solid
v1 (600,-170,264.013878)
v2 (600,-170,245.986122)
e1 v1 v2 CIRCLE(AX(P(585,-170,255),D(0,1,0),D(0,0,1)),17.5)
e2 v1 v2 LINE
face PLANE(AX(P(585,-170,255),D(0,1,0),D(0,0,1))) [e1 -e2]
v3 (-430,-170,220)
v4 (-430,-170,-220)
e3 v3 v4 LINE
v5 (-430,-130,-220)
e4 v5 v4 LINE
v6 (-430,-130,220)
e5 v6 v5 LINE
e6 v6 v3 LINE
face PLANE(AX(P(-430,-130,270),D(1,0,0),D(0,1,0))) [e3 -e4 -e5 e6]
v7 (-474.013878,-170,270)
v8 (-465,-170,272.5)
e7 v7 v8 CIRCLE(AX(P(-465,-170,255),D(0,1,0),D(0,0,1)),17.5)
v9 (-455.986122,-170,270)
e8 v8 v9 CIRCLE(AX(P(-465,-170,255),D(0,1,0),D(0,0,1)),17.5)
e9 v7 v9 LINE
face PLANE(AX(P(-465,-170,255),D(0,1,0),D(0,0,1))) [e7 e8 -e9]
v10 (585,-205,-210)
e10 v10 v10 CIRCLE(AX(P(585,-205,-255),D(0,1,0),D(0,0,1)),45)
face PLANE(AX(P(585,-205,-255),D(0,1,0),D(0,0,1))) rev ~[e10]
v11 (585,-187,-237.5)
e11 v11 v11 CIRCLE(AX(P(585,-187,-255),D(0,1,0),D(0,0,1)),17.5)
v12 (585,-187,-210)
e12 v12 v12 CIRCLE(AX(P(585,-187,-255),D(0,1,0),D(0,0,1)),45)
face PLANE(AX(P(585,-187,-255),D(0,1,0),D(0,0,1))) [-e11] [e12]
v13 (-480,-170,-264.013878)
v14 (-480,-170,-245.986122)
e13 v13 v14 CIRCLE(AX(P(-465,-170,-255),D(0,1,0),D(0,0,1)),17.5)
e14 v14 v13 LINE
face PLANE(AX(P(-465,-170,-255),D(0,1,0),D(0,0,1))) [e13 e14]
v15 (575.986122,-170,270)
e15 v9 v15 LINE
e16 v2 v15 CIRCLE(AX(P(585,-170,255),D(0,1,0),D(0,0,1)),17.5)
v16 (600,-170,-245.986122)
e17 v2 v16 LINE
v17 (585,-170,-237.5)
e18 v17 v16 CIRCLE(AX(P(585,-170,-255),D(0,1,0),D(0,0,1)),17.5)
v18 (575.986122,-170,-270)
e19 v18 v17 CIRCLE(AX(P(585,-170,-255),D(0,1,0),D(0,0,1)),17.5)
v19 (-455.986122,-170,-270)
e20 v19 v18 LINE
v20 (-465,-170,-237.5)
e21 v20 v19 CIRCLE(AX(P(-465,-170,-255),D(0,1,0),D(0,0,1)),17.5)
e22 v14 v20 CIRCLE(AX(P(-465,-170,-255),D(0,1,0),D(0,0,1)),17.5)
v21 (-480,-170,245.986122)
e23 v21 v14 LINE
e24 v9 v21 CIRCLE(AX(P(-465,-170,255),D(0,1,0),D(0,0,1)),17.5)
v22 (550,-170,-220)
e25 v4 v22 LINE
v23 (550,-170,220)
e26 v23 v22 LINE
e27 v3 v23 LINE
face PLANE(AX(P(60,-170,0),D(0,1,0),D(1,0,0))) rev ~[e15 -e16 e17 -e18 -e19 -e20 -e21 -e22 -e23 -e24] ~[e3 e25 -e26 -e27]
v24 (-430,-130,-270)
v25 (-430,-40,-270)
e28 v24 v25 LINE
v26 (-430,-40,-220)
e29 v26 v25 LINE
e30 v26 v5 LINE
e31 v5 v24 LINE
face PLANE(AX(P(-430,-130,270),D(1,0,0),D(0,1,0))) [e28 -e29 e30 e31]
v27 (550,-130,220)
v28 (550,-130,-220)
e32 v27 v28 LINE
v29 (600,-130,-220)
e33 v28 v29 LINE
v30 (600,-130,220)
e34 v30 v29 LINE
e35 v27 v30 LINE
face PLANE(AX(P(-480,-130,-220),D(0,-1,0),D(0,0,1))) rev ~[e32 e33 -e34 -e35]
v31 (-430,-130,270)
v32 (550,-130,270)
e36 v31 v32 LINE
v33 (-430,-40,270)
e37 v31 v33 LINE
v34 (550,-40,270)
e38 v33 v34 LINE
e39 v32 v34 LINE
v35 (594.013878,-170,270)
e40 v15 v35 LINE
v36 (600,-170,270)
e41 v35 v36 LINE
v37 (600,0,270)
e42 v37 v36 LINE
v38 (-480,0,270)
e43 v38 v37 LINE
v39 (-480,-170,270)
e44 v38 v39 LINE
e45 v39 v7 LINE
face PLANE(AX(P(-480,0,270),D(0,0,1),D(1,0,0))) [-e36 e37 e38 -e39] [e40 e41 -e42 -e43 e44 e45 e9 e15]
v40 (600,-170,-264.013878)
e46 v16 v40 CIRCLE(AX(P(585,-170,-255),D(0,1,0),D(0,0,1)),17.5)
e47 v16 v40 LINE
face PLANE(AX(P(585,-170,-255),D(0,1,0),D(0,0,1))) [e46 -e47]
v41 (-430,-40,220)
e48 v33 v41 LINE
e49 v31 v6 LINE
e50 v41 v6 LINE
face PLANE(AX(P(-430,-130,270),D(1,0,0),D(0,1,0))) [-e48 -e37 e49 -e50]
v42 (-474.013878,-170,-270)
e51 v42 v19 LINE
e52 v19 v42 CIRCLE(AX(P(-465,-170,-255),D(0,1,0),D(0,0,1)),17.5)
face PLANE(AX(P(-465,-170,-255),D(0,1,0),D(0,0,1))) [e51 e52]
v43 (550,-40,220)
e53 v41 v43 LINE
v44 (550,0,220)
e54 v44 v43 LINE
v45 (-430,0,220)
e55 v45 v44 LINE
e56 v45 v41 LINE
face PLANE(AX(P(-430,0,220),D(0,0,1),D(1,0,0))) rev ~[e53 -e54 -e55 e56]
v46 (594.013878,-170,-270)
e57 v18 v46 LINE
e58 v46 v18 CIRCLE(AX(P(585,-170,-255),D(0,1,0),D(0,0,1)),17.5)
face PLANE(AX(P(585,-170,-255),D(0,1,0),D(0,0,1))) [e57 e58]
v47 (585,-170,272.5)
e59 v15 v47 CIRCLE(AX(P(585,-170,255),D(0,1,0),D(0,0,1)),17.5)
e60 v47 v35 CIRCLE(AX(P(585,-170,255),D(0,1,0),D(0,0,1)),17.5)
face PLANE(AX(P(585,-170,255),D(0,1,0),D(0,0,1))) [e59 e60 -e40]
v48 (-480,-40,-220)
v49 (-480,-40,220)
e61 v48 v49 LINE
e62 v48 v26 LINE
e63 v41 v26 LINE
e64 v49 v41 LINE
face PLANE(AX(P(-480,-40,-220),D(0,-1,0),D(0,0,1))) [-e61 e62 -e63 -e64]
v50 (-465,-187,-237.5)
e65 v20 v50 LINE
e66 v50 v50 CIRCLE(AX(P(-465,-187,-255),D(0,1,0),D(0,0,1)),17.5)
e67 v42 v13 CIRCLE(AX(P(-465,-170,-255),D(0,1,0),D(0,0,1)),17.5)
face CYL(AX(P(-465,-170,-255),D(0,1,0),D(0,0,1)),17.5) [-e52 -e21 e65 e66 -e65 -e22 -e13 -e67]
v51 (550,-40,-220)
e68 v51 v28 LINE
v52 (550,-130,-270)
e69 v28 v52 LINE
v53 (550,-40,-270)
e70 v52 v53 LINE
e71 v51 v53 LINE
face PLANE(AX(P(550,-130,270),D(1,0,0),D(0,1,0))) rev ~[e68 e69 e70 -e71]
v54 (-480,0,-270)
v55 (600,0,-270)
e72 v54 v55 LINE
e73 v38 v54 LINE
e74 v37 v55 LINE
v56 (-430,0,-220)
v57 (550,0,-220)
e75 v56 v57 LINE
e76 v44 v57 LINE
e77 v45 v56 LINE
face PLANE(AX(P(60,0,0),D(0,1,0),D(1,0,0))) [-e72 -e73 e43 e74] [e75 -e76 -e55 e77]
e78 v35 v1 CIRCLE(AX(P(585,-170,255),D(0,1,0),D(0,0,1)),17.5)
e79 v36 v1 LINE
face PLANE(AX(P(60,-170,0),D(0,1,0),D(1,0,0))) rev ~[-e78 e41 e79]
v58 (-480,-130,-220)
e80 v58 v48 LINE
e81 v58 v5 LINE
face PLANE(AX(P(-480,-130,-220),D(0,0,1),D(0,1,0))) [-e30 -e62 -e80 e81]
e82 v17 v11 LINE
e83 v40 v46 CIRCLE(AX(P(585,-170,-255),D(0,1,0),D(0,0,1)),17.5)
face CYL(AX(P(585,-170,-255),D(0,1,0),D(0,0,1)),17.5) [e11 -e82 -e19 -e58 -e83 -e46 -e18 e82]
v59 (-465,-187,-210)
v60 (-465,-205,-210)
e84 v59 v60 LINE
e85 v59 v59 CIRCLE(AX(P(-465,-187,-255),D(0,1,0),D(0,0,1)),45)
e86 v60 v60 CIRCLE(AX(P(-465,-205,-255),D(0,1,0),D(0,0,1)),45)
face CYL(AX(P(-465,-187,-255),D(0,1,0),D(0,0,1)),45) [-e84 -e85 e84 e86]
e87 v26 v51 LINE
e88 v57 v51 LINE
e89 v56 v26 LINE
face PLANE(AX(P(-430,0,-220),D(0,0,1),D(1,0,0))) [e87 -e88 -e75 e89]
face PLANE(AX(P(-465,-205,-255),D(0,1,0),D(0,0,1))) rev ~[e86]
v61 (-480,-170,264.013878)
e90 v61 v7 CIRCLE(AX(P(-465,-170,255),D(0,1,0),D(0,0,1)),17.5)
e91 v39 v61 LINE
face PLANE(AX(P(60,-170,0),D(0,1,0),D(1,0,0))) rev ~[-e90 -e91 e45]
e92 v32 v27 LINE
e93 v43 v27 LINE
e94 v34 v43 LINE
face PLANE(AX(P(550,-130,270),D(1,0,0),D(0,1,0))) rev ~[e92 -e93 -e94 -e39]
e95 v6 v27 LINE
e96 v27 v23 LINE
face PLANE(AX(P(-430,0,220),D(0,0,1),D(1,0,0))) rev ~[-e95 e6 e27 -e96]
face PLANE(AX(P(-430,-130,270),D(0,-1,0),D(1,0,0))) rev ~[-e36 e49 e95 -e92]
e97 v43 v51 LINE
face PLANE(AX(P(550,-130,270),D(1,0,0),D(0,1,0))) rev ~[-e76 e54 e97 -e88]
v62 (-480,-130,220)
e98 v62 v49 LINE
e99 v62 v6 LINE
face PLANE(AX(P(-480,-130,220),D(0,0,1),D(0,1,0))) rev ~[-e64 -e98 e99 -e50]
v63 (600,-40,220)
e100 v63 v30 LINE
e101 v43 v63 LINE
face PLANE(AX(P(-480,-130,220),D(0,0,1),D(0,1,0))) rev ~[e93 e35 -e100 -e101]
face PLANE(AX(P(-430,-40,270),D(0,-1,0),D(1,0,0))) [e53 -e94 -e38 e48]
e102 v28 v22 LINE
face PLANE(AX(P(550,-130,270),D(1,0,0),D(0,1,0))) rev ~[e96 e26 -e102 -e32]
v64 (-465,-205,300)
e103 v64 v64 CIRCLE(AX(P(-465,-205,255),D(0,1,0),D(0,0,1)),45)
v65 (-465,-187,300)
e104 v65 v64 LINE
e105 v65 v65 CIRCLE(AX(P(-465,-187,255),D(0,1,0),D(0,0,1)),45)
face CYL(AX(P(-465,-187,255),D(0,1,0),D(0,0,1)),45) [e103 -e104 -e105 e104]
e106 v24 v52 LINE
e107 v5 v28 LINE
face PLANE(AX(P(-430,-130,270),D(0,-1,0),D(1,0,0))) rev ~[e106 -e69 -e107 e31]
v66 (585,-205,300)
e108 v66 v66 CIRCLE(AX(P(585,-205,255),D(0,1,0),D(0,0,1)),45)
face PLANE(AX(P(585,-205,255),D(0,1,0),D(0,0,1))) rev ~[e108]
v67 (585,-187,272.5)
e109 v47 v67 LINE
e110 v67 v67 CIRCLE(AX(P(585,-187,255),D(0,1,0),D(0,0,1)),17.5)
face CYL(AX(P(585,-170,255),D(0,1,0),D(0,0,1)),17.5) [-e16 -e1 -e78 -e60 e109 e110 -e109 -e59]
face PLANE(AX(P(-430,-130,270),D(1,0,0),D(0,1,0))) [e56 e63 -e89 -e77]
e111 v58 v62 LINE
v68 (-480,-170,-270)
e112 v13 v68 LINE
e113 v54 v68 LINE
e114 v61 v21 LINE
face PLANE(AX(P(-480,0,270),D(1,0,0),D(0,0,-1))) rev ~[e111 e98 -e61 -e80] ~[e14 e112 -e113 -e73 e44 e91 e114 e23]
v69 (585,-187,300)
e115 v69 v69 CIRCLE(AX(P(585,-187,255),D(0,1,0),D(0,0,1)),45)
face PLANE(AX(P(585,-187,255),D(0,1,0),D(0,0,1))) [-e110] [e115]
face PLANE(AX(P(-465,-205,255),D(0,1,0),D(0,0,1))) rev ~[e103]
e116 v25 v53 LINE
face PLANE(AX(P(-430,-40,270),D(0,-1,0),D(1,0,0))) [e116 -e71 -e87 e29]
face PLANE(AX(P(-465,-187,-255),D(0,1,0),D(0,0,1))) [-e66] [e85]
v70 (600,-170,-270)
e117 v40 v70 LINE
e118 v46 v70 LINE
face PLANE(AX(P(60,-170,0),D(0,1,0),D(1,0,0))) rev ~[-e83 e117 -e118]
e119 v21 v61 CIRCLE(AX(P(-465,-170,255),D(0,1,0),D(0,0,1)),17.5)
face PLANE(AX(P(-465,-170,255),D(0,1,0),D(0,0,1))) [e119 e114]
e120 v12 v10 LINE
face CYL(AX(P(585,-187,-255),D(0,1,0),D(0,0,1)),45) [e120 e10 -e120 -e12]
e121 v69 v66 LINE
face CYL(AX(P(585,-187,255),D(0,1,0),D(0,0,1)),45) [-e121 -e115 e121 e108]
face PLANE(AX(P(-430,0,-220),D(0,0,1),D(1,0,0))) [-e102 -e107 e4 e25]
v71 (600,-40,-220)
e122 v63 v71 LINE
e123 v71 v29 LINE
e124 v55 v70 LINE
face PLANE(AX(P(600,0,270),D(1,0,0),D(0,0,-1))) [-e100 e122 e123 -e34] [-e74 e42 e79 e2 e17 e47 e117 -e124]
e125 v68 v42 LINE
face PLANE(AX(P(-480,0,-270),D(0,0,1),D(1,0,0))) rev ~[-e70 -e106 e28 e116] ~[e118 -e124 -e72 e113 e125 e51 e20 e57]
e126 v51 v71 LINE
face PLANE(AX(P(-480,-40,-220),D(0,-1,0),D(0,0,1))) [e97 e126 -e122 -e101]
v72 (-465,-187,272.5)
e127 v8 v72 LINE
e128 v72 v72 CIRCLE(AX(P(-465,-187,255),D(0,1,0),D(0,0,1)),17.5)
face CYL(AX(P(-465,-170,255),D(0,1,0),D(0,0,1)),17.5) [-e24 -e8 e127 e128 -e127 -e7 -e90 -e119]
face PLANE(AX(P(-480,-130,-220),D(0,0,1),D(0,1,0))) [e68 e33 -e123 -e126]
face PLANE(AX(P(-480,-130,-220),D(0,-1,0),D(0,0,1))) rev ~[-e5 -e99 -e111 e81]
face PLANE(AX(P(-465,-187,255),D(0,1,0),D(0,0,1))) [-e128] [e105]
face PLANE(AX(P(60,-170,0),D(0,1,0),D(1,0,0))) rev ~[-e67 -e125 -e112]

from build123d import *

# Parameters (mm, degrees)
SKETCH_1_W             = 1080
SKETCH_1_H             = 540
SKETCH_1_W_2           = 980
SKETCH_1_H_2           = 440
EXTRUDE_1_DEPTH        = 170
SKETCH_2_W             = 980
SKETCH_2_H             = 90
CUT_EXTRUDE_1_DEPTH    = 825.924238946
SKETCH_3_W             = 440
SKETCH_3_H             = 90
CUT_EXTRUDE_2_DEPTH    = 1127.143862923
FOUR_START             = -187
SKETCH_6_R             = 45
FOUR_BASE_PADS_DEPTH   = 18
FOUR_BASE_PADS_2_DEPTH = 18
FOUR_BASE_PADS_3_DEPTH = 18
FOUR_BASE_PADS_4_DEPTH = 18
FOUR_START_2           = -170
SKETCH_7_R             = 17.5
FOUR_FOOT_STEMS_DEPTH  = 17


with BuildPart() as part:
    # 草图1 → 拉伸-薄壁1 (new body)
    with BuildSketch(Plane(origin=(0, 0, 0), x_dir=(1, 0, 0), z_dir=(0, 1, 0))):
        with Locations((60, 0)):
            Rectangle(SKETCH_1_W, SKETCH_1_H)
        with Locations((60, 0)):
            Rectangle(SKETCH_1_W_2, SKETCH_1_H_2, mode=Mode.SUBTRACT)
    extrude(amount=-EXTRUDE_1_DEPTH)

    # 草图2 → 切除-拉伸1 (cut, through all)
    with BuildSketch(Plane.XY.offset(270)):
        with Locations((60, -85)):
            Rectangle(SKETCH_2_W, SKETCH_2_H)
    extrude(amount=-CUT_EXTRUDE_1_DEPTH, mode=Mode.SUBTRACT)

    # 草图3 → 切除-拉伸2 (cut, through all)
    with BuildSketch(Plane.ZY.offset(480)):
        with Locations((0, -85)):
            Rectangle(SKETCH_3_W, SKETCH_3_H)
    extrude(amount=-CUT_EXTRUDE_2_DEPTH, mode=Mode.SUBTRACT)



with BuildPart() as body_2:
    # 草图6 → Four Base Pads (new body)
    with BuildSketch(Plane(origin=(0, 0, 0), x_dir=(1, 0, 0), z_dir=(0, 1, 0)).offset(FOUR_START)):
        with Locations(Location((-465, -255, 0), (0, 0, 270))):
            Circle(SKETCH_6_R)
    extrude(amount=-FOUR_BASE_PADS_DEPTH)


with BuildPart() as body_3:
    # 草图6 → Four Base Pads 2 (new body)
    with BuildSketch(Plane(origin=(0, 0, 0), x_dir=(1, 0, 0), z_dir=(0, 1, 0)).offset(FOUR_START)):
        with Locations(Location((-465, 255, 0), (0, 0, 270))):
            Circle(SKETCH_6_R)
    extrude(amount=-FOUR_BASE_PADS_2_DEPTH)


with BuildPart() as body_4:
    # 草图6 → Four Base Pads 3 (new body)
    with BuildSketch(Plane(origin=(0, 0, 0), x_dir=(1, 0, 0), z_dir=(0, 1, 0)).offset(FOUR_START)):
        with Locations(Location((585, -255, 0), (0, 0, 270))):
            Circle(SKETCH_6_R)
    extrude(amount=-FOUR_BASE_PADS_3_DEPTH)


with BuildPart() as body_5:
    # 草图6 → Four Base Pads 4 (new body)
    with BuildSketch(Plane(origin=(0, 0, 0), x_dir=(1, 0, 0), z_dir=(0, 1, 0)).offset(FOUR_START)):
        with Locations(Location((585, 255, 0), (0, 0, 270))):
            Circle(SKETCH_6_R)
    extrude(amount=-FOUR_BASE_PADS_4_DEPTH)


with BuildPart() as part_1:
    add(part.part)

    add(body_2.part)  # Four Foot Stems merges body 2

    add(body_3.part)  # Four Foot Stems merges body 3

    add(body_4.part)  # Four Foot Stems merges body 4

    add(body_5.part)  # Four Foot Stems merges body 5
    # 草图7 → Four Foot Stems (add)
    with BuildSketch(Plane(origin=(0, 0, 0), x_dir=(1, 0, 0), z_dir=(0, 1, 0)).offset(FOUR_START_2)):
        with Locations(Location((-465, -255, 0), (0, 0, 270))):
            Circle(SKETCH_7_R)
        with Locations(Location((-465, 255, 0), (0, 0, 270))):
            Circle(SKETCH_7_R)
        with Locations(Location((585, -255, 0), (0, 0, 270))):
            Circle(SKETCH_7_R)
        with Locations(Location((585, 255, 0), (0, 0, 270))):
            Circle(SKETCH_7_R)
    extrude(amount=-FOUR_FOOT_STEMS_DEPTH)


solid = part_1.part
